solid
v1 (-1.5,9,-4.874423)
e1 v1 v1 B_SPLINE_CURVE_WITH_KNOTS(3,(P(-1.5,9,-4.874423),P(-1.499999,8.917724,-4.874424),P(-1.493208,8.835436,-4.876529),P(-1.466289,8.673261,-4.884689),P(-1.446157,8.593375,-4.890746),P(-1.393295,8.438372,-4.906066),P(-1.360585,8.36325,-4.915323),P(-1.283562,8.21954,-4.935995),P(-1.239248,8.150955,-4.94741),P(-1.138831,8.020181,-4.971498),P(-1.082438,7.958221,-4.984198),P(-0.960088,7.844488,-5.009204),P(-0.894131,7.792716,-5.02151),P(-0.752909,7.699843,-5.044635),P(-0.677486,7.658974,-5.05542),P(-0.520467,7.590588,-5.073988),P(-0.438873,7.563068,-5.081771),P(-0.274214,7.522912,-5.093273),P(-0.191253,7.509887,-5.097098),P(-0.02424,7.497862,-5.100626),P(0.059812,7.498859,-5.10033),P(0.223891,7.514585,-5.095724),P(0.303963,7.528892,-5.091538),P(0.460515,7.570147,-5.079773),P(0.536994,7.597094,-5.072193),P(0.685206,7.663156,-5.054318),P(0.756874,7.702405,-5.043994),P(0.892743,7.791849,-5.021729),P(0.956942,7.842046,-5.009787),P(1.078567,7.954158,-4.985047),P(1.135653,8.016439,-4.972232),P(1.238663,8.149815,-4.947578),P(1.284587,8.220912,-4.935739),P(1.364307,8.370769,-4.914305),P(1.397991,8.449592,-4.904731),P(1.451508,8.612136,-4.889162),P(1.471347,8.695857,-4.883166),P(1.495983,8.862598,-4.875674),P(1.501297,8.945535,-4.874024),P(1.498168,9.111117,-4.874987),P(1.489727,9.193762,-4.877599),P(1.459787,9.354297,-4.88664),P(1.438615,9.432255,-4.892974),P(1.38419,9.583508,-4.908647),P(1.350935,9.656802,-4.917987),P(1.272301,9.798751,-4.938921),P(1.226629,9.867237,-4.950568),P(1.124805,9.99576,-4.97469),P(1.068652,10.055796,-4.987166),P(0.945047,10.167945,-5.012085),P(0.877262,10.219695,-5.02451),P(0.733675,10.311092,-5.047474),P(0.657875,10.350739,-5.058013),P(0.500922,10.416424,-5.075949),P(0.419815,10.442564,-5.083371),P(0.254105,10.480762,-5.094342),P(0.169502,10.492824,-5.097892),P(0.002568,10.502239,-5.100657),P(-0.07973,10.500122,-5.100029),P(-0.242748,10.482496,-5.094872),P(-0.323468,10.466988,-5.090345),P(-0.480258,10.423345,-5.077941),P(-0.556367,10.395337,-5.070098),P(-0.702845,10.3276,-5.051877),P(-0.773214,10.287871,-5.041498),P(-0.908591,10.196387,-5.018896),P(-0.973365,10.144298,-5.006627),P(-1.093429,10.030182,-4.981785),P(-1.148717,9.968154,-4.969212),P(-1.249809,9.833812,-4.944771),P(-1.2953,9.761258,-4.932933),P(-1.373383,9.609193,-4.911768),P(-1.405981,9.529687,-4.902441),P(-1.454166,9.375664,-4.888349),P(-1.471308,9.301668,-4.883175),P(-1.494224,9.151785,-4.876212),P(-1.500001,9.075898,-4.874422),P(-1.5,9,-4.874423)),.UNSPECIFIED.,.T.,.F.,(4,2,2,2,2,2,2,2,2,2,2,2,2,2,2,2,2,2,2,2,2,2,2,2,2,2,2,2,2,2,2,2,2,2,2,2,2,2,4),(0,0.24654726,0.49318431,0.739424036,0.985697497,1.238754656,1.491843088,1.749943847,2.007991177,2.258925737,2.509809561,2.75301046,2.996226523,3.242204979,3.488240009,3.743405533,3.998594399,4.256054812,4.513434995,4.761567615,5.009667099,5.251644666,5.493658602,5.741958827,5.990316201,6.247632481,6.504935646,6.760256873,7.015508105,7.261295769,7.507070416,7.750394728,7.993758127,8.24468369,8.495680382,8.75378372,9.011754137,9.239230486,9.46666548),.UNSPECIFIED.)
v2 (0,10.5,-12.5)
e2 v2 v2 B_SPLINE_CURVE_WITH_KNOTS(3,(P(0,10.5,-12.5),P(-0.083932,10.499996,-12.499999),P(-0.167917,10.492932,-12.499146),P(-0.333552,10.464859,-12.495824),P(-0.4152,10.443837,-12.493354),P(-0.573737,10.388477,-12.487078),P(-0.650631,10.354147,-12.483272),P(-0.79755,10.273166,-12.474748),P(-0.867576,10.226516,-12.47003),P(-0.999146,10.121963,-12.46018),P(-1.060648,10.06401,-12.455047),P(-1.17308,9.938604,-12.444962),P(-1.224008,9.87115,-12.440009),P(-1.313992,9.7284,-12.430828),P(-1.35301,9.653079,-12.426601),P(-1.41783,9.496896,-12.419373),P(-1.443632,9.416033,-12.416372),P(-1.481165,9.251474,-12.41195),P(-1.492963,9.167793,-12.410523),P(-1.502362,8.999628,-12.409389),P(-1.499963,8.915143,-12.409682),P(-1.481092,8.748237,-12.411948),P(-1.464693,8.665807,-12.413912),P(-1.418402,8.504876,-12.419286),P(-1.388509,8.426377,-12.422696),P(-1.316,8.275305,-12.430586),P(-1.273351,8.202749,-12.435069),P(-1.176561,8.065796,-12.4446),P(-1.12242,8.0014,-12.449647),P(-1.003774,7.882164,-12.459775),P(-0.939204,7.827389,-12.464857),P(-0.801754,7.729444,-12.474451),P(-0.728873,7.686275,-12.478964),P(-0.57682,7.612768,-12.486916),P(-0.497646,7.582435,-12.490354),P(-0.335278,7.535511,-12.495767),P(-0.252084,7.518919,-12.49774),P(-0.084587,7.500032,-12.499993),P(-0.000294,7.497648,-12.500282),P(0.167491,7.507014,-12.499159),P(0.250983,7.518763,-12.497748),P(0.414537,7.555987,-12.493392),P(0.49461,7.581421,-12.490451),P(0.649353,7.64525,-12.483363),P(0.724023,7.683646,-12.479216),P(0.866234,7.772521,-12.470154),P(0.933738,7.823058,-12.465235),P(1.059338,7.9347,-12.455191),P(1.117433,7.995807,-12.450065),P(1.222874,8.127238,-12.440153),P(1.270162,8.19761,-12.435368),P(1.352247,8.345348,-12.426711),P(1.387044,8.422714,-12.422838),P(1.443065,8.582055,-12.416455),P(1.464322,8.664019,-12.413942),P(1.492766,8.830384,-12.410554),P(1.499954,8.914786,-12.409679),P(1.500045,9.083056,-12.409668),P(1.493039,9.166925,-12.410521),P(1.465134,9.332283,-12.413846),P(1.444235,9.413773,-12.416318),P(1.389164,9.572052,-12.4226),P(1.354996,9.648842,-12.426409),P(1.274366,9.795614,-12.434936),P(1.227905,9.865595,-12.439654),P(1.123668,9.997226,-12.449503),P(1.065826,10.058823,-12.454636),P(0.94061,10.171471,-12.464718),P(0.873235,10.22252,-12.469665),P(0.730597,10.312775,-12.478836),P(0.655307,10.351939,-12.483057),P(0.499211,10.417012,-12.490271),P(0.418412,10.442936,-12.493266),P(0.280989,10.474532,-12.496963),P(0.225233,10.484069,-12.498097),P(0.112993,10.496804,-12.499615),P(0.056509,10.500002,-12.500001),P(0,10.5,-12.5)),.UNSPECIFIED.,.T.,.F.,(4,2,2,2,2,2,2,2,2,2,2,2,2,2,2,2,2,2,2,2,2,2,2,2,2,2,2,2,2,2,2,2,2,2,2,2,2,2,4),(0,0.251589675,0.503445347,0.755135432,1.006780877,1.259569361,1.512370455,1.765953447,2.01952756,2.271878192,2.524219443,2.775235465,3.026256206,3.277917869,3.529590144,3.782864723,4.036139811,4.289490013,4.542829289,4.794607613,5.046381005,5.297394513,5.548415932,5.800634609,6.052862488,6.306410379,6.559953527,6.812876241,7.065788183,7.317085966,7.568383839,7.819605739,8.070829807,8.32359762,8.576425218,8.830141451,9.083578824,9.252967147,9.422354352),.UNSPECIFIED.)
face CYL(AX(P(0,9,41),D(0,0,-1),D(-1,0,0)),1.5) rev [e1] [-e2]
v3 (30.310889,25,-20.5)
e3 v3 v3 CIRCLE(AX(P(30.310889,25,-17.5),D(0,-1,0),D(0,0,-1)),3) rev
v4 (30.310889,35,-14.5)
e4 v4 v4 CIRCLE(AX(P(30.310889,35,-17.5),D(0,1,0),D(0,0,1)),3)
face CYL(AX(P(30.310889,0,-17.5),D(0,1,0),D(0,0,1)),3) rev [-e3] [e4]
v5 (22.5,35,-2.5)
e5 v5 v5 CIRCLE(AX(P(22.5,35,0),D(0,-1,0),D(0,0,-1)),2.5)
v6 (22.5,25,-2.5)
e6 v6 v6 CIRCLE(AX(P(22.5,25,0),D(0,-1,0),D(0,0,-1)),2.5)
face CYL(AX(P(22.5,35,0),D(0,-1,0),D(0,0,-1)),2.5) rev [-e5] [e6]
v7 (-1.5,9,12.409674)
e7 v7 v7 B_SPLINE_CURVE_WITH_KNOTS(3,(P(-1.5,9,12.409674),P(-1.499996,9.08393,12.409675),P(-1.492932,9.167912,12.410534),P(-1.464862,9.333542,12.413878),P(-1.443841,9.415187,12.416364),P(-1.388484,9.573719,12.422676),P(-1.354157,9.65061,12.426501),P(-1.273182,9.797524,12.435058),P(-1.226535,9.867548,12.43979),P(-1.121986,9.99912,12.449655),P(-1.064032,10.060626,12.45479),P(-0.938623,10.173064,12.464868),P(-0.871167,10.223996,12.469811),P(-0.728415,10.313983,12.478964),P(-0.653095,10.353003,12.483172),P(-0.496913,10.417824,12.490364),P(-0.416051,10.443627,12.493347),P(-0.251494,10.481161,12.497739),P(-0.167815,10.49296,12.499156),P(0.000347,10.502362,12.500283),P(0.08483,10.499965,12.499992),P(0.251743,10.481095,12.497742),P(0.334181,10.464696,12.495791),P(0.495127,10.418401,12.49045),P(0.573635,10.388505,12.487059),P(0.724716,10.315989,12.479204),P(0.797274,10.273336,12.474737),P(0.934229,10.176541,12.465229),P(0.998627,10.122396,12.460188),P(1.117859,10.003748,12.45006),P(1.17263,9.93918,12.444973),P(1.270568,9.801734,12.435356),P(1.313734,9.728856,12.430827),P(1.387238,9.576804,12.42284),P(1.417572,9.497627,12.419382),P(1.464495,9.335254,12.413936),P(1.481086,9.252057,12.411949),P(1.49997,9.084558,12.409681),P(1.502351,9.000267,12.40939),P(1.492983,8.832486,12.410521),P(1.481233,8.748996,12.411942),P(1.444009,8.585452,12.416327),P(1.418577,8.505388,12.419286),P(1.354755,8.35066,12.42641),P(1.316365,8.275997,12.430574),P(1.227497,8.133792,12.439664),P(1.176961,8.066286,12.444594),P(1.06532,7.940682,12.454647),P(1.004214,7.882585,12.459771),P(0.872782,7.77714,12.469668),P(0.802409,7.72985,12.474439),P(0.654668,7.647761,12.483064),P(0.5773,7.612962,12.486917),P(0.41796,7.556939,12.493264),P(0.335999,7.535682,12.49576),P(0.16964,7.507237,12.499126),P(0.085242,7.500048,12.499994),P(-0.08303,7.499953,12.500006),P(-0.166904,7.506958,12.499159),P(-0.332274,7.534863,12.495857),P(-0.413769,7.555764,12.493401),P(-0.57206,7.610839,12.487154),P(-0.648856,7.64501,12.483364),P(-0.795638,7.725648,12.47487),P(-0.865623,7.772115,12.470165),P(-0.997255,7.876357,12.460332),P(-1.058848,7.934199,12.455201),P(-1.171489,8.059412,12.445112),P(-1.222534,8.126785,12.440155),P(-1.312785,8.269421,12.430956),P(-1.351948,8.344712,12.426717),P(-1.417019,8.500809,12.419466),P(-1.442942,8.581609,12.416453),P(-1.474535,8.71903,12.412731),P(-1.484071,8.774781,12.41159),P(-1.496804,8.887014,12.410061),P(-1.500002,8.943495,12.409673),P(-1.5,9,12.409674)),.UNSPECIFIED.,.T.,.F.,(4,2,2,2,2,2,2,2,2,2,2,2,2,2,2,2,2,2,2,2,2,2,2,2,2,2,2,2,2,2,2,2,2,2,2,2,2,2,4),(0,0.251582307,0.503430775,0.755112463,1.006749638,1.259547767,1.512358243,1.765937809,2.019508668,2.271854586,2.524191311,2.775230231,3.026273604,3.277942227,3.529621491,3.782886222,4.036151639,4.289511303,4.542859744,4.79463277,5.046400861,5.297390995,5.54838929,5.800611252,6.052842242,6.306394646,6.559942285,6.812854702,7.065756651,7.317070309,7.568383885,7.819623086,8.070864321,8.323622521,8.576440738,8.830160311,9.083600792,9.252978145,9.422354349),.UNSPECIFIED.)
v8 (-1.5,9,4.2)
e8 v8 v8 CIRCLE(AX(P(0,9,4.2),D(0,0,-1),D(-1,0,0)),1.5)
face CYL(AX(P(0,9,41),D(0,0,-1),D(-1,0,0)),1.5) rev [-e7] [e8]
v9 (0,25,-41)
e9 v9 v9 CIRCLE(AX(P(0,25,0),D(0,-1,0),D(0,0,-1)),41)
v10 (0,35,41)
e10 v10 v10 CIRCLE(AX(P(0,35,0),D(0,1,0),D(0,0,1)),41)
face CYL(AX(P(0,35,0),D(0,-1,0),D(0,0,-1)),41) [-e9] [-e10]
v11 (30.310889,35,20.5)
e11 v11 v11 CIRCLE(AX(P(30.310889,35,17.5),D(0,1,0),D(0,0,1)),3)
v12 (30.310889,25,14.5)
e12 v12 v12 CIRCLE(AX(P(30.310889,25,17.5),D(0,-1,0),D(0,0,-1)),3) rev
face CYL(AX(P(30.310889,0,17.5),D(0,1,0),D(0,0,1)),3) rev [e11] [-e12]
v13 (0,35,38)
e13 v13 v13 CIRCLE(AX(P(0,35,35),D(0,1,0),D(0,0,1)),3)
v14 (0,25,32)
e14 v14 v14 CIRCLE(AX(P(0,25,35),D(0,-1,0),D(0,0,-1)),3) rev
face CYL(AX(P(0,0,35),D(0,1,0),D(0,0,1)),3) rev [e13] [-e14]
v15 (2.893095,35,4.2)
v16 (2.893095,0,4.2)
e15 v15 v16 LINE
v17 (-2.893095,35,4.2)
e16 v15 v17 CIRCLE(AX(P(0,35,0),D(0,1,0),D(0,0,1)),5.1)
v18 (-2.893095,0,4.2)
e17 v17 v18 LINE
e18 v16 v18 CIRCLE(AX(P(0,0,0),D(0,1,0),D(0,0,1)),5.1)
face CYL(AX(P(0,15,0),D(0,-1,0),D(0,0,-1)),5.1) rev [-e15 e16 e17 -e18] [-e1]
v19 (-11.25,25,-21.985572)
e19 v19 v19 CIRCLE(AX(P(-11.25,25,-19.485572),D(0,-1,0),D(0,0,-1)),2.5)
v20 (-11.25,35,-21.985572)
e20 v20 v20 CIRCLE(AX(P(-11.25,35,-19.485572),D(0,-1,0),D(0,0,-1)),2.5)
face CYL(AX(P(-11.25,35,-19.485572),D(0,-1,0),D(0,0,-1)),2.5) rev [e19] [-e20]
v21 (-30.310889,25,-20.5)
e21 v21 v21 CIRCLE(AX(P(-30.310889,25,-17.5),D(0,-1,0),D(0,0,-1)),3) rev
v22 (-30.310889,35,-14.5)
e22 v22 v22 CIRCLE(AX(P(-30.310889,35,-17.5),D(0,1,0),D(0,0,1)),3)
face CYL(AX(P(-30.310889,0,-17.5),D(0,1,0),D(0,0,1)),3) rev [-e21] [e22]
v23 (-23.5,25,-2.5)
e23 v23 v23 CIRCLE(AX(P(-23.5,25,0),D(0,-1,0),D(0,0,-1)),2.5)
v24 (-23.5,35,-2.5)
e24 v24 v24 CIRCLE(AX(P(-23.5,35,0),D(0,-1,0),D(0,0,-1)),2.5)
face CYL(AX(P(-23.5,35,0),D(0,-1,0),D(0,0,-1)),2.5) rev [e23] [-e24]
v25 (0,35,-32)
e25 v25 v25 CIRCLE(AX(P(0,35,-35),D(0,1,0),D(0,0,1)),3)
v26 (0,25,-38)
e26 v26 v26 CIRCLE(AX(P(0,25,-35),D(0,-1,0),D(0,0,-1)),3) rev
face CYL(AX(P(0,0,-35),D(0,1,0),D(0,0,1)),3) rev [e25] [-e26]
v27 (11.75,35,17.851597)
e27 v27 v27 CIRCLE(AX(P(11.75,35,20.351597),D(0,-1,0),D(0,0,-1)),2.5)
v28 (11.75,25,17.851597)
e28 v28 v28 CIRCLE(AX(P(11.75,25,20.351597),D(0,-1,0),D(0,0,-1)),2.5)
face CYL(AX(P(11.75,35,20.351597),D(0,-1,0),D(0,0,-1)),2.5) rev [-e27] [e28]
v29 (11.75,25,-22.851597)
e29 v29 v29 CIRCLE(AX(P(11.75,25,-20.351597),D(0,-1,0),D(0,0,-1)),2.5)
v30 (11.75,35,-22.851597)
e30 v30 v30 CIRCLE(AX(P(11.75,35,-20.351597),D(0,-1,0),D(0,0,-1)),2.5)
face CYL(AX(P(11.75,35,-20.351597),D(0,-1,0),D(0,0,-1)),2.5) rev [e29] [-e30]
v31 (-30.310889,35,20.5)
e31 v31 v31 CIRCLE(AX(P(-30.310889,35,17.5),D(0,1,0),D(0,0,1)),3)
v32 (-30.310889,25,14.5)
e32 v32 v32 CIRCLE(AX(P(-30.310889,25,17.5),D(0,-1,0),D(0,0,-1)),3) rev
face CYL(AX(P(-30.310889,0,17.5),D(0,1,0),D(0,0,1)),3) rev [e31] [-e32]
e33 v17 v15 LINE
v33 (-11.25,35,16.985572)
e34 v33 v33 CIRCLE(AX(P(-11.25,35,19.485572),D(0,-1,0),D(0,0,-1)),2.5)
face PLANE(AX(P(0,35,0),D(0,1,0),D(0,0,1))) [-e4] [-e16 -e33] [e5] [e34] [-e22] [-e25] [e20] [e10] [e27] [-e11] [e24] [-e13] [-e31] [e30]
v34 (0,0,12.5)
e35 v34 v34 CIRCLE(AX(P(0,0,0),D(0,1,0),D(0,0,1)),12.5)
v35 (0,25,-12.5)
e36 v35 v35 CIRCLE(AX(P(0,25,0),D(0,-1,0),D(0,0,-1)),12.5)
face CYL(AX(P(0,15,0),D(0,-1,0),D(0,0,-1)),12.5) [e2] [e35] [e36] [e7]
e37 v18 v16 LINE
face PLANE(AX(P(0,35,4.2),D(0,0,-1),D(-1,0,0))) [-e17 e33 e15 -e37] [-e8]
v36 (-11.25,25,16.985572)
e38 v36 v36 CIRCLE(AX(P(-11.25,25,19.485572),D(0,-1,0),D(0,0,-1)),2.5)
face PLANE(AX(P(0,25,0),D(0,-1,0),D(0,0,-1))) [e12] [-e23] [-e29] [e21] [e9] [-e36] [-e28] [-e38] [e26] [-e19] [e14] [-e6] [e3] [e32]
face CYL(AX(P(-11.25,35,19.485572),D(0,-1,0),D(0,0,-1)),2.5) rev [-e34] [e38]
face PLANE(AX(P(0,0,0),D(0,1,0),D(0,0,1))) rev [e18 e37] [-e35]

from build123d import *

# Parameters (mm, degrees)
SKETCH1_R               = 12.5
SKETCH1_R_2             = 5.1
BOSS_EXTRUDE1_DEPTH     = 15
SKETCH2_R               = 41
SKETCH2_R_2             = 5.1
BOSS_EXTRUDE2_DEPTH     = 20
SKETCH3_R               = 3
CUT_EXTRUDE1_DEPTH      = 36
BOSS_EXTRUDE3_DEPTH     = 35
SKETCH5_R               = 1.5
CUT_EXTRUDE2_DEPTH      = 46.2
CUT_EXTRUDE2_DEPTH_BACK = 37.8
SKETCH6_R               = 41
SKETCH6_R_2             = 12.5
CUT_EXTRUDE3_DEPTH      = 10
SKETCH8_R               = 2.5
CUT_EXTRUDE4_DEPTH      = 36.0000001


with BuildPart() as part:
    # Sketch1 → Boss-Extrude1 (new body)
    with BuildSketch(Plane(origin=(0, 0, 0), x_dir=(1, 0, 0), z_dir=(0, 1, 0))):
        Circle(SKETCH1_R)
        Circle(SKETCH1_R_2, mode=Mode.SUBTRACT)
    extrude(amount=BOSS_EXTRUDE1_DEPTH)

    # Sketch2 → Boss-Extrude2 (add)
    with BuildSketch(Plane(origin=(0, 15, 0), x_dir=(1, 0, 0), z_dir=(0, 1, 0))):
        Circle(SKETCH2_R)
        Circle(SKETCH2_R_2, mode=Mode.SUBTRACT)
    extrude(amount=BOSS_EXTRUDE2_DEPTH)

    # Sketch3 → Cut-Extrude1 (cut, through all)
    with BuildSketch(Plane(origin=(0, 35, 0), x_dir=(1, 0, 0), z_dir=(0, 1, 0))):
        with Locations((0, 35)):
            Circle(SKETCH3_R)
        with Locations((30.310889132, 17.5)):
            Circle(SKETCH3_R)
        with Locations((30.310889132, -17.5)):
            Circle(SKETCH3_R)
        with Locations((0, -35)):
            Circle(SKETCH3_R)
        with Locations((-30.310889132, -17.5)):
            Circle(SKETCH3_R)
        with Locations((-30.310889132, 17.5)):
            Circle(SKETCH3_R)
    extrude(amount=-CUT_EXTRUDE1_DEPTH, mode=Mode.SUBTRACT)

    # Sketch4 → Boss-Extrude3 (add)
    with BuildSketch(Plane.XZ):
        with BuildLine():
            ThreePointArc((2.893095228, 4.2), (0, 5.1), (-2.893095228, 4.2))
            Line((-2.893095228, 4.2), (2.893095228, 4.2))
        make_face()
    extrude(amount=-BOSS_EXTRUDE3_DEPTH)

    # Sketch5 → Cut-Extrude2 (cut, two sides)
    with BuildSketch(Plane(origin=(0, 0, 4.2), x_dir=(-1, 0, 0), z_dir=(0, 0, -1))) as cut_extrude2_sk:
        with Locations((0, 9)):
            Circle(SKETCH5_R)
    extrude(amount=CUT_EXTRUDE2_DEPTH, mode=Mode.SUBTRACT)
    extrude(cut_extrude2_sk.sketch, amount=-CUT_EXTRUDE2_DEPTH_BACK, mode=Mode.SUBTRACT)

    # Sketch6 → Cut-Extrude3 (cut)
    with BuildSketch(Plane.XZ.offset(-15)):
        Circle(SKETCH6_R)
        Circle(SKETCH6_R_2, mode=Mode.SUBTRACT)
    extrude(amount=-CUT_EXTRUDE3_DEPTH, mode=Mode.SUBTRACT)

    # Sketch8 → Cut-Extrude4 (cut, through all)
    with BuildSketch(Plane.XZ):
        with Locations((22.5, 0)):
            Circle(SKETCH8_R)
        with Locations((-23.5, 0)):
            Circle(SKETCH8_R)
        with Locations((-11.25, -19.485571585)):
            Circle(SKETCH8_R)
        with Locations((-11.25, 19.485571585)):
            Circle(SKETCH8_R)
        with Locations((11.75, 20.351596989)):
            Circle(SKETCH8_R)
        with Locations((11.75, -20.351596989)):
            Circle(SKETCH8_R)
    extrude(amount=-CUT_EXTRUDE4_DEPTH, mode=Mode.SUBTRACT)


solid = part.part
